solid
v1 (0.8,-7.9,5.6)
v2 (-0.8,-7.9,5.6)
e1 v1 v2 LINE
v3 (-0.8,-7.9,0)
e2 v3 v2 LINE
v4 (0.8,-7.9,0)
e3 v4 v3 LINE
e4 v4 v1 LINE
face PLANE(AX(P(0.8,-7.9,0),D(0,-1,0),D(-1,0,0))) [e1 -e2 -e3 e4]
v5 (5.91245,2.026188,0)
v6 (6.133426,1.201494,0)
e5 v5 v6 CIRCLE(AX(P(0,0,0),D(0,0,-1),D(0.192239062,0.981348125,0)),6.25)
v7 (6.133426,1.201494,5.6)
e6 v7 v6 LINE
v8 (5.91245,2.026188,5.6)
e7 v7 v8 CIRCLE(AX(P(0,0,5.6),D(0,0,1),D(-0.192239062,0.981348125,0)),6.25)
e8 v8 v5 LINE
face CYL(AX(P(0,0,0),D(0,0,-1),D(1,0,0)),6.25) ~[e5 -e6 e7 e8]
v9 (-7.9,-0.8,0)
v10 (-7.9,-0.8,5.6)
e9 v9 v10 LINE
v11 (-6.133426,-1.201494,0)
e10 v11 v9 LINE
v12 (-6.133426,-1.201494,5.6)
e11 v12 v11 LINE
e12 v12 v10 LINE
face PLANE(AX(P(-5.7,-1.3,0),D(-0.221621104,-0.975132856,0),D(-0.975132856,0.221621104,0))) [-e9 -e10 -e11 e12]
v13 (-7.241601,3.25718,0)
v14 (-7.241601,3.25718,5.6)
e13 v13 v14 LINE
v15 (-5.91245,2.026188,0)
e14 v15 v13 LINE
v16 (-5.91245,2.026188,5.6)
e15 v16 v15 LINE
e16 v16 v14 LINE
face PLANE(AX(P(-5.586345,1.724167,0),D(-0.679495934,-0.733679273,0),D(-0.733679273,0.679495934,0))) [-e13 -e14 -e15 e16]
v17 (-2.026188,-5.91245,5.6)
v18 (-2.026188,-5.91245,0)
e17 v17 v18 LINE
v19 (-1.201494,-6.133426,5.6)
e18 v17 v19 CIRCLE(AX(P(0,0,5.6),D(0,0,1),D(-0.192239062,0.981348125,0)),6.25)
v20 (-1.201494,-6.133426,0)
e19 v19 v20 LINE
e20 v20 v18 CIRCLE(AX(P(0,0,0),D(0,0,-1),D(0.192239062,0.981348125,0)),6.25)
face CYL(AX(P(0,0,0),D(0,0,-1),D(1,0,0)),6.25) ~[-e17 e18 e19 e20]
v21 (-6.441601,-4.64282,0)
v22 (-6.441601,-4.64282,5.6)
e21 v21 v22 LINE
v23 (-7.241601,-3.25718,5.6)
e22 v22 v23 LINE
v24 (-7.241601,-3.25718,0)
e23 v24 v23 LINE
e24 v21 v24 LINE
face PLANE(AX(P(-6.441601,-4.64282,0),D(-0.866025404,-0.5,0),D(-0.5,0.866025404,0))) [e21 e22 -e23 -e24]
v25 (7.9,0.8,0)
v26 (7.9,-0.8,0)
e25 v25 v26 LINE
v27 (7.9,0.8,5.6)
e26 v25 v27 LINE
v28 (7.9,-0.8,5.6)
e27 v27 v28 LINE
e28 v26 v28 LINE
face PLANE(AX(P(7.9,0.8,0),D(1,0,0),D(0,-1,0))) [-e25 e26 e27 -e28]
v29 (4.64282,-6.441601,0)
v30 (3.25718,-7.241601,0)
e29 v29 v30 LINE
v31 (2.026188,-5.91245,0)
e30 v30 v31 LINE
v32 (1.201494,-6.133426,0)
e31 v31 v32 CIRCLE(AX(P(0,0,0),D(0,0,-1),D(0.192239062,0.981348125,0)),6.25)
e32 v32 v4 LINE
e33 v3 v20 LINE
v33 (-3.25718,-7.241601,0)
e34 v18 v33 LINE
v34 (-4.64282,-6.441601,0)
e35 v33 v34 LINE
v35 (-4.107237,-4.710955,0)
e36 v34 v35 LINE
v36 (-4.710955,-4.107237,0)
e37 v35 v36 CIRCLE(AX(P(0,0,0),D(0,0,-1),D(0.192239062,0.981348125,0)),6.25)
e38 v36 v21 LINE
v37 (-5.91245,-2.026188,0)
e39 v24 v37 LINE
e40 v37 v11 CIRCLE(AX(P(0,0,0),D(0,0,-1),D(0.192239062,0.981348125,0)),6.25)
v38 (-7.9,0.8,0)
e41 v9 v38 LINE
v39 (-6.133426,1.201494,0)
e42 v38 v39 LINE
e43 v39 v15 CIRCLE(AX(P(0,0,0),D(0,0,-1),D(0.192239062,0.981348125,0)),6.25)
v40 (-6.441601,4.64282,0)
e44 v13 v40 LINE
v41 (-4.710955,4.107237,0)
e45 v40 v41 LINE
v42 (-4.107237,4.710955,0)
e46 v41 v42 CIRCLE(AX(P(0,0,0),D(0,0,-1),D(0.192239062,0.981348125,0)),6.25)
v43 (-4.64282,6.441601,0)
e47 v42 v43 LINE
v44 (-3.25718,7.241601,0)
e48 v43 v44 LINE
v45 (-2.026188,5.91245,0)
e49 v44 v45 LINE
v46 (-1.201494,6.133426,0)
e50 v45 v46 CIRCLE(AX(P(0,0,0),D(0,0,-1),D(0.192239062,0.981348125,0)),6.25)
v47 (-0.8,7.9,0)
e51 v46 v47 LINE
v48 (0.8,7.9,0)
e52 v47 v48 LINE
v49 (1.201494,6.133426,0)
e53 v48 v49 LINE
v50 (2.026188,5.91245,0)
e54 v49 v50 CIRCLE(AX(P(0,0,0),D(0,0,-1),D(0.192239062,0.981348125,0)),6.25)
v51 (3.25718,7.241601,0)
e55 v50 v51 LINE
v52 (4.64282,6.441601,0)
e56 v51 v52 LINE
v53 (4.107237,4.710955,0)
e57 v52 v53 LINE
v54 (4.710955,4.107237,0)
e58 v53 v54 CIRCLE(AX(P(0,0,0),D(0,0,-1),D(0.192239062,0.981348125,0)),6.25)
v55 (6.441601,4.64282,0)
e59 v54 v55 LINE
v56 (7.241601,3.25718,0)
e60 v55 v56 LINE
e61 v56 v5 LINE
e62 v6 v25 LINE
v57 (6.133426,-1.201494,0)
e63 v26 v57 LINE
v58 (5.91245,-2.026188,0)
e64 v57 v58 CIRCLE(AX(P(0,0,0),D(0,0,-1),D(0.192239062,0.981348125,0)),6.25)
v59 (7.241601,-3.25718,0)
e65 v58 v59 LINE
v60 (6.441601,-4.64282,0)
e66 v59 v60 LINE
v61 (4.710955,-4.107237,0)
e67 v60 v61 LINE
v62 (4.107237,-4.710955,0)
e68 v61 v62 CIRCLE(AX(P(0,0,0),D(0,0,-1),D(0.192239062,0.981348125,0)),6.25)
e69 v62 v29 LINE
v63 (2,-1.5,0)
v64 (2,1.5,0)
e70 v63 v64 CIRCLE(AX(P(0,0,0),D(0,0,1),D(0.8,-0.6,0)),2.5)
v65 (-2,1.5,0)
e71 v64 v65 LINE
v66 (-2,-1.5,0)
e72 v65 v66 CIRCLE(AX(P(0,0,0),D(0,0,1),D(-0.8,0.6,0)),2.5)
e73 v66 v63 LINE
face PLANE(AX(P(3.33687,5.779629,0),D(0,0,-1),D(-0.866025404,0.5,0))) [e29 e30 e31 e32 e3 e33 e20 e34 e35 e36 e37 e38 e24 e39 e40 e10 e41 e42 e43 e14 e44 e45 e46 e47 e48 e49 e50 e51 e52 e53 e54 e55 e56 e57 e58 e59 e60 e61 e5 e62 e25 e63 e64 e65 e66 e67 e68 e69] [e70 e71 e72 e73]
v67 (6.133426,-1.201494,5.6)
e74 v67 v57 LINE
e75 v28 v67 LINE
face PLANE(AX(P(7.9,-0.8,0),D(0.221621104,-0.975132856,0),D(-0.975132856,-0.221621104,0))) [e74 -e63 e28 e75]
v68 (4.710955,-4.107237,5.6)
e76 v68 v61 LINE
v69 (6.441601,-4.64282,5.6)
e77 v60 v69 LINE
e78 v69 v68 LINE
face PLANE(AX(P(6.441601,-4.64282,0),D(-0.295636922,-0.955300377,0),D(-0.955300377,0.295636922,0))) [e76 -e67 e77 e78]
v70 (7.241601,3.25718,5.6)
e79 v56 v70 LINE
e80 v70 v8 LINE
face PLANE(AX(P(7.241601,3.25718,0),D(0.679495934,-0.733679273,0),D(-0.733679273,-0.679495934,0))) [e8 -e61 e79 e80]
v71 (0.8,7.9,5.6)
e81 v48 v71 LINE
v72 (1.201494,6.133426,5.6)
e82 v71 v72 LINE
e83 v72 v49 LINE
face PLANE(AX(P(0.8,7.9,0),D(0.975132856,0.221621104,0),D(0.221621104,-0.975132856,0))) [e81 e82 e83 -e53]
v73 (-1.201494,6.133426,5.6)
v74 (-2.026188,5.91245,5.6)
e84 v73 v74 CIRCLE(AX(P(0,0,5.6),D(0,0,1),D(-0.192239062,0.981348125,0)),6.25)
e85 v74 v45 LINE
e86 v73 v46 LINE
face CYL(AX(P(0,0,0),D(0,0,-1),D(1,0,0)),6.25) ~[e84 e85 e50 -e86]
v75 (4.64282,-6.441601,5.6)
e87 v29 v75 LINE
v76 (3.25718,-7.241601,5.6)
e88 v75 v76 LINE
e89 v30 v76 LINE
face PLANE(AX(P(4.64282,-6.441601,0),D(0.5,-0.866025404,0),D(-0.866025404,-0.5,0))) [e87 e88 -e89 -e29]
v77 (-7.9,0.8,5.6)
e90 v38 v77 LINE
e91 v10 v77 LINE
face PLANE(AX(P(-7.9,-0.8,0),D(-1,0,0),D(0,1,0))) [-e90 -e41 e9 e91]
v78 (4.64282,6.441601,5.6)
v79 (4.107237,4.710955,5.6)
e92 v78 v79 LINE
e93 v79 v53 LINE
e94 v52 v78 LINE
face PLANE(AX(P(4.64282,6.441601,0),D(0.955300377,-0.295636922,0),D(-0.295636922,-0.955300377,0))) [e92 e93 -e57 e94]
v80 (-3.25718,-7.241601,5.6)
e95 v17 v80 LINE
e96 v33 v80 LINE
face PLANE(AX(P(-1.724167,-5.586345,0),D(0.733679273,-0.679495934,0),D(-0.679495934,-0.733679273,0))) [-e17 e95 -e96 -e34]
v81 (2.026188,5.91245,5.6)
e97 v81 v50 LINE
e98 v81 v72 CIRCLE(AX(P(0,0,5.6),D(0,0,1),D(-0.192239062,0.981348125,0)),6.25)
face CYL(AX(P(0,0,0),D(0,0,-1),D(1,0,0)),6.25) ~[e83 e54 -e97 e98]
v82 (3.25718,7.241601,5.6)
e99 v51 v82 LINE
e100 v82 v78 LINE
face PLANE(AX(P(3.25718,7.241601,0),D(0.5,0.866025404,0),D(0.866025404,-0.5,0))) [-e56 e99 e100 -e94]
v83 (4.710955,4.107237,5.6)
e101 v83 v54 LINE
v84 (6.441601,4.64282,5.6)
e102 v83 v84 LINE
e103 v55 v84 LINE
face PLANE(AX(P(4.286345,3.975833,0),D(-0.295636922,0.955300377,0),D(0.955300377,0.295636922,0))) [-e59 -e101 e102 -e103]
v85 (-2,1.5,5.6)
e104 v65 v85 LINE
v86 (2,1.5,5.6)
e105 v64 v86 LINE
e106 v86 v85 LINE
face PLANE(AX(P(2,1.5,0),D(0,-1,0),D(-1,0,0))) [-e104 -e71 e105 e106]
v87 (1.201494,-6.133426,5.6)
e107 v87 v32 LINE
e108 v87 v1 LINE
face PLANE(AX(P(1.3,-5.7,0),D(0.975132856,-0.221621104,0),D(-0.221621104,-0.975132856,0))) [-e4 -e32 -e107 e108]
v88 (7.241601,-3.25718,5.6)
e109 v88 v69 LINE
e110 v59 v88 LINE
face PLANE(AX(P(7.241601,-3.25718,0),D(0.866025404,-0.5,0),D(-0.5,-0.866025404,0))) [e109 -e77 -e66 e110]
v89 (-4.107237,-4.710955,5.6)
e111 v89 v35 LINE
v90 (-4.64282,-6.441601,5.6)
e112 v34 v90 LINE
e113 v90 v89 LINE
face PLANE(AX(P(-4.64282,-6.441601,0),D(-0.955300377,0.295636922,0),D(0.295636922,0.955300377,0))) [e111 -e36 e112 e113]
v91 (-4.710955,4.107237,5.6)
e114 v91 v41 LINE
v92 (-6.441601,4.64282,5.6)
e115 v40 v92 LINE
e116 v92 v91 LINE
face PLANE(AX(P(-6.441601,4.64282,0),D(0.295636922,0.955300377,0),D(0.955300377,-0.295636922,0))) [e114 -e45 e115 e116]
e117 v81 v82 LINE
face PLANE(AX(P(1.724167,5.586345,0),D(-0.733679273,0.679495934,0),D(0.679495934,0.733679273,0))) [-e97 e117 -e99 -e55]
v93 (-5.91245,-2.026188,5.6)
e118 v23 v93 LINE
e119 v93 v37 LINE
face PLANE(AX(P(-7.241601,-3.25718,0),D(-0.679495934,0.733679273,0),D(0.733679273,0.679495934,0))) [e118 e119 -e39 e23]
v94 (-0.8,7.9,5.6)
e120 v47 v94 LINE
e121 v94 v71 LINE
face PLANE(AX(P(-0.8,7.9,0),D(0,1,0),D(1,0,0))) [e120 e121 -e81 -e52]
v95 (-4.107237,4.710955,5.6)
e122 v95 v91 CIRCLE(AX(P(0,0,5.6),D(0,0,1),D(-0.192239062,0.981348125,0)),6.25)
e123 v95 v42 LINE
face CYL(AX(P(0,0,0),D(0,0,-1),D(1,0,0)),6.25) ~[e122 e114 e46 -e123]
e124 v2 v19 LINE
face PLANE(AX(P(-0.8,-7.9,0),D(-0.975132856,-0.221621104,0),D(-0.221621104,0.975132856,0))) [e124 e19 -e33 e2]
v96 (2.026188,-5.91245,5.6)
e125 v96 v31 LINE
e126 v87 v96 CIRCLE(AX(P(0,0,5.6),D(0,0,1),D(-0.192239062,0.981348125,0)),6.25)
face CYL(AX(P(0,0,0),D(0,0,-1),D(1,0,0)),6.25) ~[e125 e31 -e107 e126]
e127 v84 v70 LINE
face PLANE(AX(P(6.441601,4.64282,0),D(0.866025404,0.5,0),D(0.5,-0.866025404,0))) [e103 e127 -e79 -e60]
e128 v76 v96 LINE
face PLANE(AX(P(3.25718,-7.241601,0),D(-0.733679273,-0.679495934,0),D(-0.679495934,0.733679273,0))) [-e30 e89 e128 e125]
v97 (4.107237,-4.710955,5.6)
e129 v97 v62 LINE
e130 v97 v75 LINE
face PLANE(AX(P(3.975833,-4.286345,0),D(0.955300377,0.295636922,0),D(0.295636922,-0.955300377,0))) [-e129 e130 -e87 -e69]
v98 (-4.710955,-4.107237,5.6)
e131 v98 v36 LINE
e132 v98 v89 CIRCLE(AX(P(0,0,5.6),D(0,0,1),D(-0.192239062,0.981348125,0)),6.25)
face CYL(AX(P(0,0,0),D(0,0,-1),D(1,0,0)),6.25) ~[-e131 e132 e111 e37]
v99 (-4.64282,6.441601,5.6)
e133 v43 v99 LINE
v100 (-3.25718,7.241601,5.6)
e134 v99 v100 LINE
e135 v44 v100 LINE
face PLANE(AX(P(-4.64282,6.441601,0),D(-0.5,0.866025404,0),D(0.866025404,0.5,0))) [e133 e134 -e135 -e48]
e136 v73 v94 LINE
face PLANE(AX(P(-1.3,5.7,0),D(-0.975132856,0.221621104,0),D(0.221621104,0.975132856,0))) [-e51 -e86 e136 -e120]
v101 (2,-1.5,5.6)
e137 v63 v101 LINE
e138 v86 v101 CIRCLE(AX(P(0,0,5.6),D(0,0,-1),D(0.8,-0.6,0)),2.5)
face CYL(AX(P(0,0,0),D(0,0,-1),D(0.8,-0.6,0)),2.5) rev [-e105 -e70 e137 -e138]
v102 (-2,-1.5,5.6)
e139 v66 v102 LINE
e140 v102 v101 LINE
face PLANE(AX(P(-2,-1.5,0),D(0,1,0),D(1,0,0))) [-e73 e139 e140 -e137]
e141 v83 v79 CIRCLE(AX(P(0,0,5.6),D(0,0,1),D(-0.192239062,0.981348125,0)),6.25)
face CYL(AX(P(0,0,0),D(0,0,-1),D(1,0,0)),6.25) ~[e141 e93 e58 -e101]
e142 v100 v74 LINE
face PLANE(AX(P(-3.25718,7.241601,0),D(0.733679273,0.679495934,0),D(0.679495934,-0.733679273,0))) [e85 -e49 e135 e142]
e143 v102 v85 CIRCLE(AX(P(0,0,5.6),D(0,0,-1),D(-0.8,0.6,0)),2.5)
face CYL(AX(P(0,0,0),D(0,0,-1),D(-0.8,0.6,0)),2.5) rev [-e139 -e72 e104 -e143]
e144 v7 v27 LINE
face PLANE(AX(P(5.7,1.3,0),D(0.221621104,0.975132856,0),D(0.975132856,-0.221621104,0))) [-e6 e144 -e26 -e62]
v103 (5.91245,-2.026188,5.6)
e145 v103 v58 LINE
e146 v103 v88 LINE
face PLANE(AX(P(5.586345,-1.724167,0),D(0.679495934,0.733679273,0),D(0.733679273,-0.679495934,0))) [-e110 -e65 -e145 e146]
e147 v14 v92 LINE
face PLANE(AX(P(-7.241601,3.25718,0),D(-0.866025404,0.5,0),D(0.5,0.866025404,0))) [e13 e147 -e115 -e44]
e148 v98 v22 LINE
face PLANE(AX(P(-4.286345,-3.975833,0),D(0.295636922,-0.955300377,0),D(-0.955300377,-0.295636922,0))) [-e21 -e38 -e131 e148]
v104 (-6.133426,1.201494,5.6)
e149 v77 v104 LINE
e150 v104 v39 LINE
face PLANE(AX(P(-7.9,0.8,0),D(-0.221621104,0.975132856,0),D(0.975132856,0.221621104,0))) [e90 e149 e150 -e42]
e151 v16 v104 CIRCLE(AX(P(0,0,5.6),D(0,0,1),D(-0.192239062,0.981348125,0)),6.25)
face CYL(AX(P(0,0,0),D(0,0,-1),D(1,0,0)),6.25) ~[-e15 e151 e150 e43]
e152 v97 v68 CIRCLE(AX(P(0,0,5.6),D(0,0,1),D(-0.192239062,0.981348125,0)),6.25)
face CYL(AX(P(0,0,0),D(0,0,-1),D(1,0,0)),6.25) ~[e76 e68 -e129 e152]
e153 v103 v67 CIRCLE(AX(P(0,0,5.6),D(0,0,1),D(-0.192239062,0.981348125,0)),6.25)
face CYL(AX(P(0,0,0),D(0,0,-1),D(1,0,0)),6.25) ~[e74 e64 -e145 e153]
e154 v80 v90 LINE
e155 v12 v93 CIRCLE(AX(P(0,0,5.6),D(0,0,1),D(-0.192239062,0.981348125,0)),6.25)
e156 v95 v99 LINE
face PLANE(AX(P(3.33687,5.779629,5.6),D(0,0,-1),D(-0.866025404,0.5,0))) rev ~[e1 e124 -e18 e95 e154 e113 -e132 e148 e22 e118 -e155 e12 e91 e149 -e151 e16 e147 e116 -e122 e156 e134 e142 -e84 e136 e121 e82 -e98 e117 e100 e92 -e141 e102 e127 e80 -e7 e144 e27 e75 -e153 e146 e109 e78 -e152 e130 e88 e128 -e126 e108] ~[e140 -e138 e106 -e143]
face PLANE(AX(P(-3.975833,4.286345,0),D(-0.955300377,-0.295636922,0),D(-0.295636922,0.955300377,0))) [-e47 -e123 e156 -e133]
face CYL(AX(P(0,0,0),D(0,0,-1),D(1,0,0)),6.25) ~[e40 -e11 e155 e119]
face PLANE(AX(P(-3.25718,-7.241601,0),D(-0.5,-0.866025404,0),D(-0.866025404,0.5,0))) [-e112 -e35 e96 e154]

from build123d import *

# Parameters (mm, degrees)
SKETCH1_R           = 6.25
BOSS_EXTRUDE1_DEPTH = 5.6
BOSS_EXTRUDE2_DEPTH = 5.6
CIRPATTERN1_COUNT   = 12
CUT_EXTRUDE1_DEPTH  = 7


with BuildPart() as part:
    # Sketch1 → Boss-Extrude1 (new body)
    with BuildSketch(Plane.XY):
        Circle(SKETCH1_R)
    extrude(amount=BOSS_EXTRUDE1_DEPTH)

    # Sketch3 → Boss-Extrude2 (add)
    with BuildSketch(Plane.XY):
        Polygon((-0.8, 7.9), (0.8, 7.9), (1.3, 5.7), (-1.3, 5.7), align=None)
    boss_extrude2 = extrude(amount=BOSS_EXTRUDE2_DEPTH)

    # CirPattern1: Boss-Extrude2 ×12 about axis
    cirpattern1_axis = Axis((0, 0, 0), (0, 0, 1))
    for i in range(1, CIRPATTERN1_COUNT):
        add(boss_extrude2.rotate(cirpattern1_axis, i * 360 / CIRPATTERN1_COUNT))

    # Sketch4 → Cut-Extrude1 (cut)
    with BuildSketch(Plane.XY):
        with BuildLine():
            Line((-2, -1.5), (2, -1.5))
            ThreePointArc((2, -1.5), (2.5, 0), (2, 1.5))
            Line((2, 1.5), (-2, 1.5))
            ThreePointArc((-2, 1.5), (-2.5, 0), (-2, -1.5))
        make_face()
    extrude(amount=CUT_EXTRUDE1_DEPTH, mode=Mode.SUBTRACT)


solid = part.part
